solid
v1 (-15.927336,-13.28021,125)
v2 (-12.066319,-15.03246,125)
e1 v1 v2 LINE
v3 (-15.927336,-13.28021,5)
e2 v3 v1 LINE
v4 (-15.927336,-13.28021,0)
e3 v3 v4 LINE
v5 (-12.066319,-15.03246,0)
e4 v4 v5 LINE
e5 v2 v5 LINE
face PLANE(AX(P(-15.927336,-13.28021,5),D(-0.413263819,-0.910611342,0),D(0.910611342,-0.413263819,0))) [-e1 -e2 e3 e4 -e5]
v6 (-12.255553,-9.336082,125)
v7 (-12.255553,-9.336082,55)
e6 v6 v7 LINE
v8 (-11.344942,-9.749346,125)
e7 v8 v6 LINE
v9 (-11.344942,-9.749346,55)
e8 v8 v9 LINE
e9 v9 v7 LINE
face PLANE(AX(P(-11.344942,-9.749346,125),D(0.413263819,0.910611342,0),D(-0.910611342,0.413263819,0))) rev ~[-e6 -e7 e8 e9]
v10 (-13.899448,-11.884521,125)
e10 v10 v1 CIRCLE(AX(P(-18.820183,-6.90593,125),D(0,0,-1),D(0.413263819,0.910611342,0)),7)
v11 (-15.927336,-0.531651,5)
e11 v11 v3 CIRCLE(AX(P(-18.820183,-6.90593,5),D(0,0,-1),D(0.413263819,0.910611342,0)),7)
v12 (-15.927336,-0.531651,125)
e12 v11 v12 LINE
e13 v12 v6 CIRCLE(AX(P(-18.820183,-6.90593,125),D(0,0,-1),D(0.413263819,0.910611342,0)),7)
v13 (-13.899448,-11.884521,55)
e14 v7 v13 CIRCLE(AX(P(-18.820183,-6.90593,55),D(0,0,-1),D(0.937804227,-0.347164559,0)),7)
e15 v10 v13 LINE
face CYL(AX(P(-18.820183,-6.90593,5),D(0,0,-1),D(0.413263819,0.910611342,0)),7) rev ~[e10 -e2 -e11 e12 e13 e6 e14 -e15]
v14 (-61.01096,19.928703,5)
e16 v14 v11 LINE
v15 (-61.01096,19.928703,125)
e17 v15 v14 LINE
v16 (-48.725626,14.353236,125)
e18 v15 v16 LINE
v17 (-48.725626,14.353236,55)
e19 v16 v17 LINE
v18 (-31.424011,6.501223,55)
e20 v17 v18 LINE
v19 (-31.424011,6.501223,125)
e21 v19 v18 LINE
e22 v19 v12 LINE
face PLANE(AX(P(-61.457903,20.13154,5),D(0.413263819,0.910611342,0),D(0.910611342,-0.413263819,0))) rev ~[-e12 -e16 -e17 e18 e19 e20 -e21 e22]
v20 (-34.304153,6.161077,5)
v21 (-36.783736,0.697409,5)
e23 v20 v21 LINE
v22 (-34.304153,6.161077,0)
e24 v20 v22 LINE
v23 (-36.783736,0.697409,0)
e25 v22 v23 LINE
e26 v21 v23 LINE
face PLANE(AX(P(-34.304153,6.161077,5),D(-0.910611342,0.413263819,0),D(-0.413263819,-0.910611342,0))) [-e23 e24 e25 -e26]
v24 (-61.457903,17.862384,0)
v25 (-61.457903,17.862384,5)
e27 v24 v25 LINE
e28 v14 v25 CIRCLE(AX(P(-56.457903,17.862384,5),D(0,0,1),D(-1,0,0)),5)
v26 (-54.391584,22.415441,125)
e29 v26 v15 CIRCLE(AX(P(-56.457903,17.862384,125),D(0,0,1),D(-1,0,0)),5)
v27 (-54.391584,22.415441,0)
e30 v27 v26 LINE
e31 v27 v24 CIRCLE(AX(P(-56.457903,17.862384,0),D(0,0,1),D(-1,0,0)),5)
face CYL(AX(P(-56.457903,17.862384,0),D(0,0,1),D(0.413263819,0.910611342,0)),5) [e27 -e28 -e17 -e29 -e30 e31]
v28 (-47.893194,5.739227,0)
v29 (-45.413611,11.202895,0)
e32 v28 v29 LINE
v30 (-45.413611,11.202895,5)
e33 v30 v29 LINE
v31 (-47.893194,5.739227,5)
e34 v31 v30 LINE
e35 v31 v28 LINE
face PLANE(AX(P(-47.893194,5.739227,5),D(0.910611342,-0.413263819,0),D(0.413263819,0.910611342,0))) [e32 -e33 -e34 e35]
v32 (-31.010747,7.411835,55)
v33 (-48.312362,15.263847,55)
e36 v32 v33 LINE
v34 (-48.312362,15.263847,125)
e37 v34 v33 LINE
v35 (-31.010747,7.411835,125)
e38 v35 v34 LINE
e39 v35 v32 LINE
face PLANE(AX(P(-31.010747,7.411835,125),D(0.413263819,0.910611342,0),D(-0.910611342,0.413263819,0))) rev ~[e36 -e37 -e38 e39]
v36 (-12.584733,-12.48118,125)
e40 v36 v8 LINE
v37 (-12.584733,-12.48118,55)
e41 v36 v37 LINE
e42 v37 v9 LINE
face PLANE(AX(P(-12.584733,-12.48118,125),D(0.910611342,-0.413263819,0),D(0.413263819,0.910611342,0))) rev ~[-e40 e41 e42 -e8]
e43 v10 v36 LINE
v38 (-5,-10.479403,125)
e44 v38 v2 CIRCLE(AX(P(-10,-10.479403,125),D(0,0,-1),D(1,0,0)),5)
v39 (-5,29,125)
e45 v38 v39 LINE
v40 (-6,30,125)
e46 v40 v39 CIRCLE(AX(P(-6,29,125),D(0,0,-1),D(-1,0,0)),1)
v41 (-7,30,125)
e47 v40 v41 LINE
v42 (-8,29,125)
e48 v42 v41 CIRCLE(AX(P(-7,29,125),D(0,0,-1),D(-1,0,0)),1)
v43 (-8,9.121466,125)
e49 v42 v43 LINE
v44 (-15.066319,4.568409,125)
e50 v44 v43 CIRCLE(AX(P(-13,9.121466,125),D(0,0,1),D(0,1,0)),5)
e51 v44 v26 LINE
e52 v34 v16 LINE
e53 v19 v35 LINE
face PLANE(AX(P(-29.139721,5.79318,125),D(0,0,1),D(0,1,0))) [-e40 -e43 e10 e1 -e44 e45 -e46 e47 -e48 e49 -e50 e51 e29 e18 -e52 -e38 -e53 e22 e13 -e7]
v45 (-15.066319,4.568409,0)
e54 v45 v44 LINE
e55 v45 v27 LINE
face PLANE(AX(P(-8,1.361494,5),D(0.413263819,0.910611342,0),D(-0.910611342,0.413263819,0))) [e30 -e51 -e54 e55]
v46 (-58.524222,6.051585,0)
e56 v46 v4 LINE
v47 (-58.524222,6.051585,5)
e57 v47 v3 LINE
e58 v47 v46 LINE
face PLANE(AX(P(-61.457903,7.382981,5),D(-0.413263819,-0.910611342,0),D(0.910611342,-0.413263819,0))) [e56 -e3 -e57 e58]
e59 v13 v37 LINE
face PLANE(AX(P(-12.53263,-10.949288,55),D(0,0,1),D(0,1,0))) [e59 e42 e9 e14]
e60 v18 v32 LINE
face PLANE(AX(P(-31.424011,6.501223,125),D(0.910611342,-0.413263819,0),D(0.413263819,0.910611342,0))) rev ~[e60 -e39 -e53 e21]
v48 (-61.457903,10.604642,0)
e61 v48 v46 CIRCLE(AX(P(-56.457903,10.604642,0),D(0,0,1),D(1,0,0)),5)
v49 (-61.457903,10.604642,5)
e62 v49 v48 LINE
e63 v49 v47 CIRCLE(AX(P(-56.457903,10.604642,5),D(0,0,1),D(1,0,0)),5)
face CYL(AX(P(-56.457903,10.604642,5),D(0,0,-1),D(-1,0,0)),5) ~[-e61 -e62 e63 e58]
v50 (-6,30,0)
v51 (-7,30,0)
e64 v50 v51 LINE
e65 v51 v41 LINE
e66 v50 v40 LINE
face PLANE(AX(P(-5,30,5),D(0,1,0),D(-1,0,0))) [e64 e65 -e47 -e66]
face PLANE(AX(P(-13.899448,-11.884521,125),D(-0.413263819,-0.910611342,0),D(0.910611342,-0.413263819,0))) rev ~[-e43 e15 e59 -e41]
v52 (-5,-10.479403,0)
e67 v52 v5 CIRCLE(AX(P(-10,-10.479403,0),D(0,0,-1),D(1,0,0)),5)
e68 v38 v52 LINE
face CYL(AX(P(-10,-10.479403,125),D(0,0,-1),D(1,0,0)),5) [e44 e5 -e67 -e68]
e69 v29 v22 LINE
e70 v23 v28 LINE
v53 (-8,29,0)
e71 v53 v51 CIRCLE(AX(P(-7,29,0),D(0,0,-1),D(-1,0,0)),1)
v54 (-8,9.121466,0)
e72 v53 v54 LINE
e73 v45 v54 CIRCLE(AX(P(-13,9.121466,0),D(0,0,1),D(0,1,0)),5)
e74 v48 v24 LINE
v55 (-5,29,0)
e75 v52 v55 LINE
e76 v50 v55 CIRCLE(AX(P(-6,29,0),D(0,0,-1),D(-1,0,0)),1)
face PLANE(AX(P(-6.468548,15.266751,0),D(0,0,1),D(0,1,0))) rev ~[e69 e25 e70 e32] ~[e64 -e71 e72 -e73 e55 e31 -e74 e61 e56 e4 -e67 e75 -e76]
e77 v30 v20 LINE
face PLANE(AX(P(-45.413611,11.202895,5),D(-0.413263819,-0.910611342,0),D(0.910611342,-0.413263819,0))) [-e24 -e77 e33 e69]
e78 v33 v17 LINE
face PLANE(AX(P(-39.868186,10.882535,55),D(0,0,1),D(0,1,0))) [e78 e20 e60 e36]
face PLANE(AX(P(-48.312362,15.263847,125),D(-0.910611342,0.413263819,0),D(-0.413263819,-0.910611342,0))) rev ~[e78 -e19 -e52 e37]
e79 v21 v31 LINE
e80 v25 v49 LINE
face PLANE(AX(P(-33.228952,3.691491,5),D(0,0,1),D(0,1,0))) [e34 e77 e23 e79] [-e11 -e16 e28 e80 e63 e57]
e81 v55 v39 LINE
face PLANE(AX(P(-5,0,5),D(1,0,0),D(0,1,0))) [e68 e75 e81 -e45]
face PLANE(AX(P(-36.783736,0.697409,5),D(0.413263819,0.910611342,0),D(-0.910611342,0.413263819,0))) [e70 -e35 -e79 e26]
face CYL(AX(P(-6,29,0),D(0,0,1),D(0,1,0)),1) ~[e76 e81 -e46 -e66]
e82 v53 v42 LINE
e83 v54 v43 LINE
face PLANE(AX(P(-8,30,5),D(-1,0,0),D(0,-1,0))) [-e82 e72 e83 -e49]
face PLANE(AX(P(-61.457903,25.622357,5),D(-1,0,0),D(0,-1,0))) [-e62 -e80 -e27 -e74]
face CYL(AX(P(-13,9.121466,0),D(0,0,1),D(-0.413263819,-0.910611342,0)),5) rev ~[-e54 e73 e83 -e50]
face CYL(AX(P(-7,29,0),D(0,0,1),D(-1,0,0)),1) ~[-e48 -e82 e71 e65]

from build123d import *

# Parameters (mm, degrees)
F1_DEPTH = 120
F3_DEPTH = 5
F4_DEPTH = 5
F6_DEPTH = 70
F7_R     = 5
F8_R     = 1
F9_ANGLE = 90


with BuildPart() as f1:
    # F0 (on Right) → F1 (new body)
    with BuildSketch(Plane.YZ):
        with BuildLine():
            Line((-18.2393755255, 0), (0, 0))
            Line((0, 0), (1.3614935385, 3))
            Line((1.3614935385, 3), (25.6223567947, 56.4579031871))
            Line((25.6223567947, 56.4579031871), (20.1315400534, 56.4579031871))
            Line((20.1315400534, 56.4579031871), (-0.5316509101, 10.9273361007))
            ThreePointArc((-0.5316509101, 10.9273361007), (-6.9059303022, 6.8201828356), (-13.2802096943, 10.9273361007))
            Line((-13.2802096943, 10.9273361007), (-18.2393755255, 0))
        make_face()
        Polygon((1.3614935385, 3), (0, 0), (30, 0), (30, 3), align=None)
    extrude(amount=F1_DEPTH)

    # F0 (on Right) + F2 (on Right) → F3 (join)
    with BuildSketch(Plane.YZ):
        with BuildLine():
            Line((-18.2393755255, 0), (0, 0))
            Line((0, 0), (1.3614935385, 3))
            Line((1.3614935385, 3), (25.6223567947, 56.4579031871))
            Line((25.6223567947, 56.4579031871), (20.1315400534, 56.4579031871))
            Line((20.1315400534, 56.4579031871), (-0.5316509101, 10.9273361007))
            ThreePointArc((-0.5316509101, 10.9273361007), (-6.9059303022, 6.8201828356), (-13.2802096943, 10.9273361007))
            Line((-13.2802096943, 10.9273361007), (-18.2393755255, 0))
        make_face()
    with BuildSketch(Plane.YZ):
        Polygon((0, 0), (25.6223567947, 56.4579031871), (7.3829812692, 56.4579031871), (-13.2802096943, 10.9273361007), (-18.2393755255, 0), align=None)
        Polygon((11.2028951482, 40.4136113624), (6.1610765531, 29.3041529933), (0.6974085027, 31.7837359089), (5.7392270978, 42.893194278), align=None, mode=Mode.SUBTRACT)
    extrude(amount=-F3_DEPTH)

    # F0 (on Right) → F4 (join, through all)
    with BuildSketch(Plane.YZ):
        Polygon((1.3614935385, 3), (0, 0), (30, 0), (30, 3), align=None)
    extrude(amount=-F4_DEPTH)

    # F5 (on face) → F6 (cut)
    with BuildSketch(Plane.YZ.offset(120)):
        with BuildLine():
            ThreePointArc((-9.3360822182, 7.2555532448), (-10.7003955127, 7.9378334949), (-11.8845214943, 8.8994481606))
            Line((-11.8845214943, 8.8994481606), (-12.4811800626, 7.5847333608))
            Line((-12.4811800626, 7.5847333608), (-9.7493460374, 6.344941903))
            Line((-9.7493460374, 6.344941903), (-9.3360822182, 7.2555532448))
        make_face()
        Polygon((14.3532357317, 43.7256261138), (6.5012231655, 26.424010621), (7.4118345073, 26.0107468017), (15.2638470734, 43.3123622945), align=None)
    extrude(amount=-F6_DEPTH, mode=Mode.SUBTRACT)

    # F7 (call 1 of 4: OpenCascade refuses the feature's edges together)
    f7_edges = [f1.edges().sort_by_distance(p)[0] for p in [
        (57.5, -18.239376, 0),
    ]]
    fillet(f7_edges, radius=F7_R)

    # F7#2 (call 2 of 4)
    f7_2_edges = [f1.edges().sort_by_distance(p)[0] for p in [
        (-2.5, 7.382981, 56.457903),
    ]]
    fillet(f7_2_edges, radius=F7_R)

    # F7#4 (call 3 of 4)
    f7_4_edges = [f1.edges().sort_by_distance(p)[0] for p in [
        (57.5, 1.361494, 3),
    ]]
    fillet(f7_4_edges, radius=F7_R)

    # F7#3 (call 4 of 4)
    f7_3_edges = [f1.edges().sort_by_distance(p)[0] for p in [
        (57.5, 25.622357, 56.457903),
    ]]
    fillet(f7_3_edges, radius=F7_R)

    # F8
    f8_edges = [f1.edges().sort_by_distance(p)[0] for p in [
        (57.5, 30, 3),
        (57.5, 30, 0),
    ]]
    fillet(f8_edges, radius=F8_R)


with BuildPart() as f1_1:
    # F9: moved
    add(f1.part.rotate(Axis((-5, 9.2602985566, 0), (0, -1, 0)), F9_ANGLE))


solid = f1_1.part
